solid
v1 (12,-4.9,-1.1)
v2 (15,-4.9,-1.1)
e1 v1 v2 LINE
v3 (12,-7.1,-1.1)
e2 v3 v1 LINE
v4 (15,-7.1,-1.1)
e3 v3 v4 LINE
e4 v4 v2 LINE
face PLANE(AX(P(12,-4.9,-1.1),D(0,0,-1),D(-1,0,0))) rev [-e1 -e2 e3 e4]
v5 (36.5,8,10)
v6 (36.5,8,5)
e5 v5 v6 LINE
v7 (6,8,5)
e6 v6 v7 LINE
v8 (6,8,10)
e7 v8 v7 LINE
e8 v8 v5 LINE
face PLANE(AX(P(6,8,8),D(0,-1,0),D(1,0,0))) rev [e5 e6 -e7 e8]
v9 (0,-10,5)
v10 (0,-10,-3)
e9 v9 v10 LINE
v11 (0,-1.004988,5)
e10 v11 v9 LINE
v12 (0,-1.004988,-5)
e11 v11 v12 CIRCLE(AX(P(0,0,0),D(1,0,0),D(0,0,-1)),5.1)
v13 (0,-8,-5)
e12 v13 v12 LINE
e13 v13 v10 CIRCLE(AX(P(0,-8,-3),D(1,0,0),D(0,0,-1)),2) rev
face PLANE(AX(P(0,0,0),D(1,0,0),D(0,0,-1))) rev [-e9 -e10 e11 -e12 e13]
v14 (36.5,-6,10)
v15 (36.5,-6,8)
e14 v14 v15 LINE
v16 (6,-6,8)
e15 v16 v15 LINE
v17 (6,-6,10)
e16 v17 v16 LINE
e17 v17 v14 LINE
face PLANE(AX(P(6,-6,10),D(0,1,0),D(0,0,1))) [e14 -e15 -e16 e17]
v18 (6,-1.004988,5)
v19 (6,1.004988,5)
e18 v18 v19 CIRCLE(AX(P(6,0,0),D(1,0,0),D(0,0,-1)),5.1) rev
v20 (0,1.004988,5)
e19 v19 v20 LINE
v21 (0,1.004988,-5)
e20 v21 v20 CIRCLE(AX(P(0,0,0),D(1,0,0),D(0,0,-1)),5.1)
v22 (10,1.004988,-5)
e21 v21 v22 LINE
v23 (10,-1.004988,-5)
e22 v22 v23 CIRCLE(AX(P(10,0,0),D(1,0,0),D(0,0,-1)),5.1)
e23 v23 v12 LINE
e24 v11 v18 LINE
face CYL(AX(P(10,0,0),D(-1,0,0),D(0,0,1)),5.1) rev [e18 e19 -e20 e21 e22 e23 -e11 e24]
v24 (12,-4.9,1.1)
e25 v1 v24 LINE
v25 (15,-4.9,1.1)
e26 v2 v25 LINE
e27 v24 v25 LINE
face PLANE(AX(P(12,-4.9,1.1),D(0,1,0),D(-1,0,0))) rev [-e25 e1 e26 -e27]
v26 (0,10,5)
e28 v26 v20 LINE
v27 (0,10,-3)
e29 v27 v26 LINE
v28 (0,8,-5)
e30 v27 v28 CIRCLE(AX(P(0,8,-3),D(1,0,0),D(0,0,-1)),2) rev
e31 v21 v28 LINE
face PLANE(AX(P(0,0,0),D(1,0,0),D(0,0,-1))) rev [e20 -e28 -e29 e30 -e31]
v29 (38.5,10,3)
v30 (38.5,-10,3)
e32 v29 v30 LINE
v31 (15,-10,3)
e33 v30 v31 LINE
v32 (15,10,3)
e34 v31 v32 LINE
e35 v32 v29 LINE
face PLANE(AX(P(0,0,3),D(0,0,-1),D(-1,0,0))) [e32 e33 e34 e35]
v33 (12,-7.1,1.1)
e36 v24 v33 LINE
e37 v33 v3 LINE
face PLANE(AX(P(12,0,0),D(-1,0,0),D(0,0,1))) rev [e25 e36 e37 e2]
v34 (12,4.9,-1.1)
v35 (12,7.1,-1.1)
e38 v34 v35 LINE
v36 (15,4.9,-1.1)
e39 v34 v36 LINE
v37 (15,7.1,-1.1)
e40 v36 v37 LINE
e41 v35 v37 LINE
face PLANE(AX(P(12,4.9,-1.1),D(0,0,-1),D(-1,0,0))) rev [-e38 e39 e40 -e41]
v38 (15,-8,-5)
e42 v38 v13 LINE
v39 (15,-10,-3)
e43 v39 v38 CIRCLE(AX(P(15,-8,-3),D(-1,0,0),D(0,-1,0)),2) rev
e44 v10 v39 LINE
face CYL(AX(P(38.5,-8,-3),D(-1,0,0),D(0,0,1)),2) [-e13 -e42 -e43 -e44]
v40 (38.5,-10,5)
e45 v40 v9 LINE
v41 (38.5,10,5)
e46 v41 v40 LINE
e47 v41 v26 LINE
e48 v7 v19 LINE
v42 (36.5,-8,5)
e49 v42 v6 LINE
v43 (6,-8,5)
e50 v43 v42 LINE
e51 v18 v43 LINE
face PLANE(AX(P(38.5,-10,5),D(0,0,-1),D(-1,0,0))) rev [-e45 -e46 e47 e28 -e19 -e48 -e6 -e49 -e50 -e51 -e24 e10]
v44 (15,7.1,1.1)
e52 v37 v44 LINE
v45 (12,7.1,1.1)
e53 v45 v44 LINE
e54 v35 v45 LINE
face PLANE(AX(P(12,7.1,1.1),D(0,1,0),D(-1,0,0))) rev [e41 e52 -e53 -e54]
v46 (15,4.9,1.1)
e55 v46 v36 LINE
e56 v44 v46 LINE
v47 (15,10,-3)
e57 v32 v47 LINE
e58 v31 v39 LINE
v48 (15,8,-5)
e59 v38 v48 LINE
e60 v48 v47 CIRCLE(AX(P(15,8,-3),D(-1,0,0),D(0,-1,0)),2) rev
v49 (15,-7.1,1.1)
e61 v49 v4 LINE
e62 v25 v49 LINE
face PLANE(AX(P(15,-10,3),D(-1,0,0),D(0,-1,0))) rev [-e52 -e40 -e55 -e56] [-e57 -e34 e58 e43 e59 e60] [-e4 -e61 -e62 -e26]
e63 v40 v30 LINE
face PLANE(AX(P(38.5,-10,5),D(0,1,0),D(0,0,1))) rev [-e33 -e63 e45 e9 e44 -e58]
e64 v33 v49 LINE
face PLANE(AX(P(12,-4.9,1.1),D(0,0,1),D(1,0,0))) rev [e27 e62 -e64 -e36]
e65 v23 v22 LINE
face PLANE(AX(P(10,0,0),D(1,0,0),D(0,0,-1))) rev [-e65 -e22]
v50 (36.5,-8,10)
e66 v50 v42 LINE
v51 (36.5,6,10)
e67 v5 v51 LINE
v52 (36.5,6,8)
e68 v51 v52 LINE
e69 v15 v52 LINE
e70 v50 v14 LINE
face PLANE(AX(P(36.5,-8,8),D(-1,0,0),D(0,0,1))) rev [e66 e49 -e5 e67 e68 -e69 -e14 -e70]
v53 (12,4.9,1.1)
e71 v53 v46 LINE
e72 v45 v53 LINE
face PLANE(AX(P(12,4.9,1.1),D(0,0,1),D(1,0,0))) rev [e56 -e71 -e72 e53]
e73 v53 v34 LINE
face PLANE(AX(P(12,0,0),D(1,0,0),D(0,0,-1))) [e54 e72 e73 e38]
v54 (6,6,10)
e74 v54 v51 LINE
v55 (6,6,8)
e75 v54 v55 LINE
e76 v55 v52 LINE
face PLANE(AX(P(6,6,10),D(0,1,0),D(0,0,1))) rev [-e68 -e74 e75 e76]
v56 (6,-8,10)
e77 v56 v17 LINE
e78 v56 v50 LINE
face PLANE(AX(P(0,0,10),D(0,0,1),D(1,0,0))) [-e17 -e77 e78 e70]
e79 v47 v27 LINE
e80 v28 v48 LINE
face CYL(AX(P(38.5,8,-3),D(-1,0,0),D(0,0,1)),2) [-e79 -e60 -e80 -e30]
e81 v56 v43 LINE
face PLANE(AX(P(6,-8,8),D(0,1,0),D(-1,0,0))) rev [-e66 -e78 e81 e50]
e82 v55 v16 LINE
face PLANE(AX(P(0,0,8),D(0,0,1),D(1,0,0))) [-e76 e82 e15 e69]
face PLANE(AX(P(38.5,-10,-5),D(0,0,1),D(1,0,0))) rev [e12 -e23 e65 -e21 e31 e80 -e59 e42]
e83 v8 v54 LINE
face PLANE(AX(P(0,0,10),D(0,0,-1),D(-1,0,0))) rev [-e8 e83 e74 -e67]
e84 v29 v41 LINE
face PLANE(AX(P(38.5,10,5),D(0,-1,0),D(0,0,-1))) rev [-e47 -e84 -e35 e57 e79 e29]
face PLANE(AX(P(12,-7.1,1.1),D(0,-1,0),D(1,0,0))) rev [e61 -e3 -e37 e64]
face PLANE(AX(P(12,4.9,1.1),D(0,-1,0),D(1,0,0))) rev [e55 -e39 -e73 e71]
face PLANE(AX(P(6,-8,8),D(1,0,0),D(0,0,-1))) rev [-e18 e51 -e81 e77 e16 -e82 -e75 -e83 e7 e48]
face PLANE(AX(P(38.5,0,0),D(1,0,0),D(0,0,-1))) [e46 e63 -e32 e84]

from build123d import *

# Parameters (mm, degrees)
SKETCH1_W           = 20
SKETCH1_H           = 10
BOSS_EXTRUDE1_DEPTH = 38.5
SKETCH5_W           = 16
SKETCH5_H           = 30.5
BOSS_EXTRUDE2_DEPTH = 8
SKETCH2_R           = 5.1
CUT_EXTRUDE3_DEPTH  = 10
FILLET1_R           = 2
SKETCH6_W           = 23.5
SKETCH6_H           = 20
CUT_EXTRUDE4_DEPTH  = 8
SKETCH7_W           = 2.2
SKETCH7_H           = 2.2
CUT_EXTRUDE5_DEPTH  = 3
SKETCH8_W           = 30.5
SKETCH8_H           = 2
BOSS_EXTRUDE3_DEPTH = 2


with BuildPart() as part:
    # Sketch1 → Boss-Extrude1 (new body)
    with BuildSketch(Plane.YZ):
        Rectangle(SKETCH1_W, SKETCH1_H)
    extrude(amount=BOSS_EXTRUDE1_DEPTH)

    # Sketch5 → Boss-Extrude2 (add)
    with BuildSketch(Plane(origin=(0, 0, 0), x_dir=(0, 1, 0), z_dir=(0, 0, 1))):
        with Locations((0, -21.25)):
            Rectangle(SKETCH5_W, SKETCH5_H)
    extrude(amount=BOSS_EXTRUDE2_DEPTH)

    # Sketch2 → Cut-Extrude3 (cut)
    with BuildSketch(Plane.YZ):
        Circle(SKETCH2_R)
    extrude(amount=CUT_EXTRUDE3_DEPTH, mode=Mode.SUBTRACT)

    # Fillet1
    fillet1_edges = [part.edges().sort_by_distance(p)[0] for p in [
        (19.25, 10, -5),
        (19.25, -10, -5),
    ]]
    fillet(fillet1_edges, radius=FILLET1_R)

    # Sketch6 → Cut-Extrude4 (cut)
    with BuildSketch(Plane(origin=(0, 0, -5), x_dir=(1, 0, 0), z_dir=(0, 0, -1))):
        with Locations((26.75, 0)):
            Rectangle(SKETCH6_W, SKETCH6_H)
    extrude(amount=-CUT_EXTRUDE4_DEPTH, mode=Mode.SUBTRACT)

    # Sketch7 → Cut-Extrude5 (cut)
    with BuildSketch(Plane.YZ.offset(15)):
        with Locations((6, 0)):
            Rectangle(SKETCH7_W, SKETCH7_H)
        with Locations((-6, 0)):
            Rectangle(SKETCH7_W, SKETCH7_H)
    extrude(amount=-CUT_EXTRUDE5_DEPTH, mode=Mode.SUBTRACT)

    # Sketch8 → Boss-Extrude3 (add)
    with BuildSketch(Plane.XY.offset(8)):
        with Locations((21.25, 7)):
            Rectangle(SKETCH8_W, SKETCH8_H)
        with Locations((21.25, -7)):
            Rectangle(SKETCH8_W, SKETCH8_H)
    extrude(amount=BOSS_EXTRUDE3_DEPTH)


solid = part.part
